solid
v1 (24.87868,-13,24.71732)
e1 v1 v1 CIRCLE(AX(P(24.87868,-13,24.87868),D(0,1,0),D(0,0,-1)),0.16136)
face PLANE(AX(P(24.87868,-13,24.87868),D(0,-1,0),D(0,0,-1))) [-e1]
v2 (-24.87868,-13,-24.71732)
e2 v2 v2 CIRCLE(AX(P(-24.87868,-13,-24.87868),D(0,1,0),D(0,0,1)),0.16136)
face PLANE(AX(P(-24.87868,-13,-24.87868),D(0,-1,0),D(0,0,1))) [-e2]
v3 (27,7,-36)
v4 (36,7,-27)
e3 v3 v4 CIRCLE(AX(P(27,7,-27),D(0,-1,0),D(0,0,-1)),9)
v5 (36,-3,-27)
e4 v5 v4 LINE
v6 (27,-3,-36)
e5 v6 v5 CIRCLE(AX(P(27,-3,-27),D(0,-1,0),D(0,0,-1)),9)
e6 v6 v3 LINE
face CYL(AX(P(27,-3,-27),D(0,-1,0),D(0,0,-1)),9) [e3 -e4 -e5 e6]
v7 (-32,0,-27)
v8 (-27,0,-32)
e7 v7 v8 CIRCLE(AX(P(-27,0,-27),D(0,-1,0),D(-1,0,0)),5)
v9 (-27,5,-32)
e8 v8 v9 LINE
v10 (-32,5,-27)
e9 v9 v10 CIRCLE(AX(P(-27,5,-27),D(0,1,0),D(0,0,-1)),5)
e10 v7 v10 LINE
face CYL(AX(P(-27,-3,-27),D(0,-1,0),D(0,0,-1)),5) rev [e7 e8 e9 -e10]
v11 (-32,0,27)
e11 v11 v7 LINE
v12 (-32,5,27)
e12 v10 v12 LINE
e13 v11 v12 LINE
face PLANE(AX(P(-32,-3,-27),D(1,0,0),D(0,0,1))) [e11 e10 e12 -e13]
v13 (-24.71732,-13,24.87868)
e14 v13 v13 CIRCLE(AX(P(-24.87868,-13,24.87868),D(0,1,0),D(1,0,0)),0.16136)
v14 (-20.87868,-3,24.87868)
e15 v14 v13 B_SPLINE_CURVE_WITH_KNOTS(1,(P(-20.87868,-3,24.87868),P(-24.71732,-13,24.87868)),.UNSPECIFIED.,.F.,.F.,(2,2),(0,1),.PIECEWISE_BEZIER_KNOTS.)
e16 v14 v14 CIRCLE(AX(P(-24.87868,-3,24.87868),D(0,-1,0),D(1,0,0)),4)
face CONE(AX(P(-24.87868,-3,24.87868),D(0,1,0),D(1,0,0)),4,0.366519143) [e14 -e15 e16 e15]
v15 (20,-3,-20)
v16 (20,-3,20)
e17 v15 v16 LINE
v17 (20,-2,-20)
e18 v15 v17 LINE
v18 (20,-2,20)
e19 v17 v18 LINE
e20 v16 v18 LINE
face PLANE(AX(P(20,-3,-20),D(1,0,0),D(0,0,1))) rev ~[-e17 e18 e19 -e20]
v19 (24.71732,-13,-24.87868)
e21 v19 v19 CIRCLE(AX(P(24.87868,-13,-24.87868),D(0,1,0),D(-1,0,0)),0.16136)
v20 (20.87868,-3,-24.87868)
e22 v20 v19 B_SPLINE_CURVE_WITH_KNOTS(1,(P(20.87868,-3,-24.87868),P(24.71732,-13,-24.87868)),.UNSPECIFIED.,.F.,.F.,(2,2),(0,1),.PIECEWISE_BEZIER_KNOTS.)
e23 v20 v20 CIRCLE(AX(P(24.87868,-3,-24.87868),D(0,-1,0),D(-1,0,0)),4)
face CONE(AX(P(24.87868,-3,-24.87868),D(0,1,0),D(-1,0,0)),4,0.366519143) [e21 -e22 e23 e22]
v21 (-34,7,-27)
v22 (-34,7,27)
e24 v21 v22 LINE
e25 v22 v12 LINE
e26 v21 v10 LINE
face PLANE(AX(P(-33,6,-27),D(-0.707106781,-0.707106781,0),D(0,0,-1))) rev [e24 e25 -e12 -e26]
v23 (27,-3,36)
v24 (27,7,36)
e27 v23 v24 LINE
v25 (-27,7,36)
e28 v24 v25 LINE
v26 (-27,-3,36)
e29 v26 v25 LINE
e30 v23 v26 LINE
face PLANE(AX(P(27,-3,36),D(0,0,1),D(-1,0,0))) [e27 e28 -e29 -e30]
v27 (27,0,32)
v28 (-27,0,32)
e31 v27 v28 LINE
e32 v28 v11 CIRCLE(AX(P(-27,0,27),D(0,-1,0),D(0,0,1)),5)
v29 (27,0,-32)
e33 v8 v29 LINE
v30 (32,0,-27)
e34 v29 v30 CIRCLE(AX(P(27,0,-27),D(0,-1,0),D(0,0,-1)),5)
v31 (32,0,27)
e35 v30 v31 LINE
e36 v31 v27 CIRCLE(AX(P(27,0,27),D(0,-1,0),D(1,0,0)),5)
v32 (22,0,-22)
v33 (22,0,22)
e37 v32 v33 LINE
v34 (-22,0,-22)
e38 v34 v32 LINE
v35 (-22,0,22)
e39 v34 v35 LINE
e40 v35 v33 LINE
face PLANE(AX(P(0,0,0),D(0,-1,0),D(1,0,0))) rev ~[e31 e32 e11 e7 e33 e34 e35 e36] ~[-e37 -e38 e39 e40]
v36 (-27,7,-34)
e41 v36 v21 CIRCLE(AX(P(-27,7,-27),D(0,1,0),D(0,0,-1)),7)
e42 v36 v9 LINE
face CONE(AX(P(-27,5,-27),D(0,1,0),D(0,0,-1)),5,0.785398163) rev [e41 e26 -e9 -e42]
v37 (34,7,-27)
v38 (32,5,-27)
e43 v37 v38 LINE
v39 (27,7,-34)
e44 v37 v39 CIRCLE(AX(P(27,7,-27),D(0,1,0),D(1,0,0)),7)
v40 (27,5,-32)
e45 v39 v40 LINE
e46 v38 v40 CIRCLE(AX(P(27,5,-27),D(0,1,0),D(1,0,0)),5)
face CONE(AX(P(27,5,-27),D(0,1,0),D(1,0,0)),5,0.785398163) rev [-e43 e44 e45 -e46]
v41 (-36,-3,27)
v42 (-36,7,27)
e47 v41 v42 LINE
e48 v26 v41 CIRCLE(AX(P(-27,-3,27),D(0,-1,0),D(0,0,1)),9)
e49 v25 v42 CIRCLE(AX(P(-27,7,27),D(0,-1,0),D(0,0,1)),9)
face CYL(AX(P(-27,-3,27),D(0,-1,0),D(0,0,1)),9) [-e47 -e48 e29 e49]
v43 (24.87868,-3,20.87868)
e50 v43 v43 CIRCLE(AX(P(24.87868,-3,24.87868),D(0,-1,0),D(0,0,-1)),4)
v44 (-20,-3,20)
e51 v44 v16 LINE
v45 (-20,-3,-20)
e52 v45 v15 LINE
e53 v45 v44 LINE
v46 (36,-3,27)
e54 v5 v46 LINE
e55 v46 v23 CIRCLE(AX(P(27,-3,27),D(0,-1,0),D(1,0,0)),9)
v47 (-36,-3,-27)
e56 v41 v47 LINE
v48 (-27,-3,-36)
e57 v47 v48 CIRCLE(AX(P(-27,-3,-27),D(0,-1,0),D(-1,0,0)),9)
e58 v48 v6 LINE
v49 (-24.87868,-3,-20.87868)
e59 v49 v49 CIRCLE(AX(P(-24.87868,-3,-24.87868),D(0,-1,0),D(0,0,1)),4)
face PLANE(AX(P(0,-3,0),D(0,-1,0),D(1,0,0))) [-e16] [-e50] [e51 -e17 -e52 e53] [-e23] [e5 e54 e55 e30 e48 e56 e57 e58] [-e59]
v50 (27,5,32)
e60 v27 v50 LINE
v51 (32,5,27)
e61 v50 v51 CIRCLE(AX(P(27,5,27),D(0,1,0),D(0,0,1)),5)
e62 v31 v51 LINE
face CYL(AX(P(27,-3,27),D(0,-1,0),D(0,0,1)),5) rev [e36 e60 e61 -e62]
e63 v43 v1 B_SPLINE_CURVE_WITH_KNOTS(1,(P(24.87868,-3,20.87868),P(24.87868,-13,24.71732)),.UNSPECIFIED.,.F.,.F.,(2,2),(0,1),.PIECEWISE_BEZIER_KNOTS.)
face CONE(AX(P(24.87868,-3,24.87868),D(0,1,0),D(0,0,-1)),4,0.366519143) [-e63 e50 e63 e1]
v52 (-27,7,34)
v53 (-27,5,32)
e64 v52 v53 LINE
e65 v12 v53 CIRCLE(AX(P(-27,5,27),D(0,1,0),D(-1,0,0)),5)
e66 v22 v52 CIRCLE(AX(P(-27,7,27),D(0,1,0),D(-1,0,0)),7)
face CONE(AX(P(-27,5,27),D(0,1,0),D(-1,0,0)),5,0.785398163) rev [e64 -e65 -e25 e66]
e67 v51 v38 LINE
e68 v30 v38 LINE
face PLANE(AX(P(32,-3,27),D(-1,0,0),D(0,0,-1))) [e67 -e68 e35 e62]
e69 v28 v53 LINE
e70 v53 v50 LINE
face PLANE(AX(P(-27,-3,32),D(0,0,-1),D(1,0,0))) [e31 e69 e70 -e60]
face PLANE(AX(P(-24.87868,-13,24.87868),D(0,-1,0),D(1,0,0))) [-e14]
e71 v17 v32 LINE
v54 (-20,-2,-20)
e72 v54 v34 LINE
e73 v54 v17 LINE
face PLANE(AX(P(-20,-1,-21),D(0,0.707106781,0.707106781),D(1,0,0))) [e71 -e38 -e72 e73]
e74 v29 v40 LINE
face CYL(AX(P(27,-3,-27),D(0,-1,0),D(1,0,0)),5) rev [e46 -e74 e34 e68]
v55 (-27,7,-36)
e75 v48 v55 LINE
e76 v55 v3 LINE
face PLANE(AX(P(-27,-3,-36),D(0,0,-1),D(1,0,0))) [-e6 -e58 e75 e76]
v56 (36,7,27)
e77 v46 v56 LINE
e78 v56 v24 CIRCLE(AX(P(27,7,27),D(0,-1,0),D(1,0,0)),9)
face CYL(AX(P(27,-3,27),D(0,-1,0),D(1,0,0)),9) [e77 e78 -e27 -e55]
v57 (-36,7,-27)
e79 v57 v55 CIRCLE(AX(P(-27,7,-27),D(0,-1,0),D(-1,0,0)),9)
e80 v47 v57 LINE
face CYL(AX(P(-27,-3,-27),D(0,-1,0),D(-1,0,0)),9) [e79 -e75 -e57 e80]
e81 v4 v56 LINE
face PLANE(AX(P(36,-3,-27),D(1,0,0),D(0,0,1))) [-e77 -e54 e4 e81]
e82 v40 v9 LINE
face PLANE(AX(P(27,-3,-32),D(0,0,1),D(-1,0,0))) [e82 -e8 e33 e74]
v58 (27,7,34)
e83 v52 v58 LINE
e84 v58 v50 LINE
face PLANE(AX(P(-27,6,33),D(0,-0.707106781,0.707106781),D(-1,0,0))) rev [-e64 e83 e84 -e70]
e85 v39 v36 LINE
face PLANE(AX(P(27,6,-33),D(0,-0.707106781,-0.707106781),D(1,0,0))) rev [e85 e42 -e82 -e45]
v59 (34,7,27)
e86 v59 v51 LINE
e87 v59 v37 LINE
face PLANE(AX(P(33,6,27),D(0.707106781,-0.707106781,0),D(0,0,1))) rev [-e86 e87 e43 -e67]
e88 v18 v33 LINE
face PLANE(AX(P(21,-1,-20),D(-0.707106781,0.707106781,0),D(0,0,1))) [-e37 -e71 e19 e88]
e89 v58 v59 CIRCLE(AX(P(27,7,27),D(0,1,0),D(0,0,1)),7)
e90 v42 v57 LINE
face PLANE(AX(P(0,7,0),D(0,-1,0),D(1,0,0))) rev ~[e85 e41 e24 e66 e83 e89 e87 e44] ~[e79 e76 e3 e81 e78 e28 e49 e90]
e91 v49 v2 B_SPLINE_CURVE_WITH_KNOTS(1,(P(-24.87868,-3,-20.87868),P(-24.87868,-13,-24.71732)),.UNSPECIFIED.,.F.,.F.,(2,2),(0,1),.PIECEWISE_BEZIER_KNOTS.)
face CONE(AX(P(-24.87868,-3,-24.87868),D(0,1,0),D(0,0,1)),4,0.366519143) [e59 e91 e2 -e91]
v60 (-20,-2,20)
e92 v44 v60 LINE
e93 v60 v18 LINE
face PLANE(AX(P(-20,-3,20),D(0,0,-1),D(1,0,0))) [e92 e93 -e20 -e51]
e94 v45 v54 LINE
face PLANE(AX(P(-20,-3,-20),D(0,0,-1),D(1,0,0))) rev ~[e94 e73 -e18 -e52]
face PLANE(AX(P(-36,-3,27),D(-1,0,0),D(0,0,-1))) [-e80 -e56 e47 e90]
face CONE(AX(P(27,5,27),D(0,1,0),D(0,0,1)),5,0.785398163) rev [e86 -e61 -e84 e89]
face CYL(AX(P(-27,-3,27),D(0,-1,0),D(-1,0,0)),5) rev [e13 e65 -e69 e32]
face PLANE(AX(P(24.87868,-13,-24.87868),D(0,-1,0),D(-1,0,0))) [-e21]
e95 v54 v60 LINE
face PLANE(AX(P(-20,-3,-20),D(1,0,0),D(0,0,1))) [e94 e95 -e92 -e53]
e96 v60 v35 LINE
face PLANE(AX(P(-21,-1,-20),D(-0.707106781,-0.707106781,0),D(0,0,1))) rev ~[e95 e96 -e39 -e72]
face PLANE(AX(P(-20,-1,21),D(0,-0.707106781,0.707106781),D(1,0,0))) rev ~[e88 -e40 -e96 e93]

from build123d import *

# Parameters (mm, degrees)
F1_DEPTH = 3
F2_R     = 4
F3_DEPTH = 10
F3_TAPER = 21
F5_COUNT = 4
F5_ANGLE = 270
F7_DEPTH = 10
F8_W     = 40
F8_H     = 40
F9_DEPTH = 3
F10_SIZE = 2


with BuildPart() as f1:
    # F0 (on Front) → F1 (new body)
    with BuildSketch(Plane.XZ):
        with BuildLine():
            ThreePointArc((32, 27), (30.5355339059, 30.5355339059), (27, 32))
            Line((27, 32), (-27, 32))
            ThreePointArc((-27, 32), (-30.5355339059, 30.5355339059), (-32, 27))
            Line((-32, 27), (-32, -27))
            ThreePointArc((-32, -27), (-30.5355339059, -30.5355339059), (-27, -32))
            Line((-27, -32), (27, -32))
            ThreePointArc((27, -32), (30.5355339059, -30.5355339059), (32, -27))
            Line((32, -27), (32, 27))
        make_face()
    extrude(amount=F1_DEPTH)

    # F2 (on face) → F3 (join)
    with BuildSketch(Plane.XZ.offset(3)):
        with Locations((-24.8786796564, 24.8786796564)):
            Circle(F2_R)
    extrude(amount=F3_DEPTH, taper=F3_TAPER)

    # F5: F1 ×4 about axis
    f5_axis = Axis((0, -16.6125968099, 0), (0, -1, 0))


with BuildPart() as f1_1:
    add(f1.part)
    for i in range(1, F5_COUNT):
        add(f1.part.rotate(f5_axis, i * F5_ANGLE / (F5_COUNT - 1)))

    # F6 (on face) → F7 (join)
    with BuildSketch(Plane.XZ.offset(3)):
        with BuildLine():
            ThreePointArc((-27, 36), (-33.3639610307, 33.3639610307), (-36, 27))
            Line((-36, 27), (-36, -27))
            ThreePointArc((-36, -27), (-33.3639610307, -33.3639610307), (-27, -36))
            Line((-27, -36), (27, -36))
            ThreePointArc((27, -36), (33.3639610307, -33.3639610307), (36, -27))
            Line((36, -27), (36, 27))
            ThreePointArc((36, 27), (33.3639610307, 33.3639610307), (27, 36))
            Line((27, 36), (-27, 36))
        make_face()
        with BuildLine():
            ThreePointArc((27, 32), (30.5355339059, 30.5355339059), (32, 27))
            Line((32, 27), (32, -27))
            ThreePointArc((32, -27), (30.5355339059, -30.5355339059), (27, -32))
            Line((27, -32), (-27, -32))
            ThreePointArc((-27, -32), (-30.5355339059, -30.5355339059), (-32, -27))
            Line((-32, -27), (-32, 27))
            ThreePointArc((-32, 27), (-30.5355339059, 30.5355339059), (-27, 32))
            Line((-27, 32), (27, 32))
        make_face(mode=Mode.SUBTRACT)
    extrude(amount=-F7_DEPTH)

    # F8 (on face) → F9 (cut)
    with BuildSketch(Plane.XZ.offset(3)):
        Rectangle(F8_W, F8_H)
    extrude(amount=-F9_DEPTH, mode=Mode.SUBTRACT)

    # F10
    f10_edges = [f1_1.edges().sort_by_distance(p)[0] for p in [
        (0, 7, -32),
        (0, 0, -20),
        (20, 0, 0),
        (-20, 0, 0),
        (0, 0, 20),
    ]]
    chamfer(f10_edges, length=F10_SIZE)


solid = f1_1.part
